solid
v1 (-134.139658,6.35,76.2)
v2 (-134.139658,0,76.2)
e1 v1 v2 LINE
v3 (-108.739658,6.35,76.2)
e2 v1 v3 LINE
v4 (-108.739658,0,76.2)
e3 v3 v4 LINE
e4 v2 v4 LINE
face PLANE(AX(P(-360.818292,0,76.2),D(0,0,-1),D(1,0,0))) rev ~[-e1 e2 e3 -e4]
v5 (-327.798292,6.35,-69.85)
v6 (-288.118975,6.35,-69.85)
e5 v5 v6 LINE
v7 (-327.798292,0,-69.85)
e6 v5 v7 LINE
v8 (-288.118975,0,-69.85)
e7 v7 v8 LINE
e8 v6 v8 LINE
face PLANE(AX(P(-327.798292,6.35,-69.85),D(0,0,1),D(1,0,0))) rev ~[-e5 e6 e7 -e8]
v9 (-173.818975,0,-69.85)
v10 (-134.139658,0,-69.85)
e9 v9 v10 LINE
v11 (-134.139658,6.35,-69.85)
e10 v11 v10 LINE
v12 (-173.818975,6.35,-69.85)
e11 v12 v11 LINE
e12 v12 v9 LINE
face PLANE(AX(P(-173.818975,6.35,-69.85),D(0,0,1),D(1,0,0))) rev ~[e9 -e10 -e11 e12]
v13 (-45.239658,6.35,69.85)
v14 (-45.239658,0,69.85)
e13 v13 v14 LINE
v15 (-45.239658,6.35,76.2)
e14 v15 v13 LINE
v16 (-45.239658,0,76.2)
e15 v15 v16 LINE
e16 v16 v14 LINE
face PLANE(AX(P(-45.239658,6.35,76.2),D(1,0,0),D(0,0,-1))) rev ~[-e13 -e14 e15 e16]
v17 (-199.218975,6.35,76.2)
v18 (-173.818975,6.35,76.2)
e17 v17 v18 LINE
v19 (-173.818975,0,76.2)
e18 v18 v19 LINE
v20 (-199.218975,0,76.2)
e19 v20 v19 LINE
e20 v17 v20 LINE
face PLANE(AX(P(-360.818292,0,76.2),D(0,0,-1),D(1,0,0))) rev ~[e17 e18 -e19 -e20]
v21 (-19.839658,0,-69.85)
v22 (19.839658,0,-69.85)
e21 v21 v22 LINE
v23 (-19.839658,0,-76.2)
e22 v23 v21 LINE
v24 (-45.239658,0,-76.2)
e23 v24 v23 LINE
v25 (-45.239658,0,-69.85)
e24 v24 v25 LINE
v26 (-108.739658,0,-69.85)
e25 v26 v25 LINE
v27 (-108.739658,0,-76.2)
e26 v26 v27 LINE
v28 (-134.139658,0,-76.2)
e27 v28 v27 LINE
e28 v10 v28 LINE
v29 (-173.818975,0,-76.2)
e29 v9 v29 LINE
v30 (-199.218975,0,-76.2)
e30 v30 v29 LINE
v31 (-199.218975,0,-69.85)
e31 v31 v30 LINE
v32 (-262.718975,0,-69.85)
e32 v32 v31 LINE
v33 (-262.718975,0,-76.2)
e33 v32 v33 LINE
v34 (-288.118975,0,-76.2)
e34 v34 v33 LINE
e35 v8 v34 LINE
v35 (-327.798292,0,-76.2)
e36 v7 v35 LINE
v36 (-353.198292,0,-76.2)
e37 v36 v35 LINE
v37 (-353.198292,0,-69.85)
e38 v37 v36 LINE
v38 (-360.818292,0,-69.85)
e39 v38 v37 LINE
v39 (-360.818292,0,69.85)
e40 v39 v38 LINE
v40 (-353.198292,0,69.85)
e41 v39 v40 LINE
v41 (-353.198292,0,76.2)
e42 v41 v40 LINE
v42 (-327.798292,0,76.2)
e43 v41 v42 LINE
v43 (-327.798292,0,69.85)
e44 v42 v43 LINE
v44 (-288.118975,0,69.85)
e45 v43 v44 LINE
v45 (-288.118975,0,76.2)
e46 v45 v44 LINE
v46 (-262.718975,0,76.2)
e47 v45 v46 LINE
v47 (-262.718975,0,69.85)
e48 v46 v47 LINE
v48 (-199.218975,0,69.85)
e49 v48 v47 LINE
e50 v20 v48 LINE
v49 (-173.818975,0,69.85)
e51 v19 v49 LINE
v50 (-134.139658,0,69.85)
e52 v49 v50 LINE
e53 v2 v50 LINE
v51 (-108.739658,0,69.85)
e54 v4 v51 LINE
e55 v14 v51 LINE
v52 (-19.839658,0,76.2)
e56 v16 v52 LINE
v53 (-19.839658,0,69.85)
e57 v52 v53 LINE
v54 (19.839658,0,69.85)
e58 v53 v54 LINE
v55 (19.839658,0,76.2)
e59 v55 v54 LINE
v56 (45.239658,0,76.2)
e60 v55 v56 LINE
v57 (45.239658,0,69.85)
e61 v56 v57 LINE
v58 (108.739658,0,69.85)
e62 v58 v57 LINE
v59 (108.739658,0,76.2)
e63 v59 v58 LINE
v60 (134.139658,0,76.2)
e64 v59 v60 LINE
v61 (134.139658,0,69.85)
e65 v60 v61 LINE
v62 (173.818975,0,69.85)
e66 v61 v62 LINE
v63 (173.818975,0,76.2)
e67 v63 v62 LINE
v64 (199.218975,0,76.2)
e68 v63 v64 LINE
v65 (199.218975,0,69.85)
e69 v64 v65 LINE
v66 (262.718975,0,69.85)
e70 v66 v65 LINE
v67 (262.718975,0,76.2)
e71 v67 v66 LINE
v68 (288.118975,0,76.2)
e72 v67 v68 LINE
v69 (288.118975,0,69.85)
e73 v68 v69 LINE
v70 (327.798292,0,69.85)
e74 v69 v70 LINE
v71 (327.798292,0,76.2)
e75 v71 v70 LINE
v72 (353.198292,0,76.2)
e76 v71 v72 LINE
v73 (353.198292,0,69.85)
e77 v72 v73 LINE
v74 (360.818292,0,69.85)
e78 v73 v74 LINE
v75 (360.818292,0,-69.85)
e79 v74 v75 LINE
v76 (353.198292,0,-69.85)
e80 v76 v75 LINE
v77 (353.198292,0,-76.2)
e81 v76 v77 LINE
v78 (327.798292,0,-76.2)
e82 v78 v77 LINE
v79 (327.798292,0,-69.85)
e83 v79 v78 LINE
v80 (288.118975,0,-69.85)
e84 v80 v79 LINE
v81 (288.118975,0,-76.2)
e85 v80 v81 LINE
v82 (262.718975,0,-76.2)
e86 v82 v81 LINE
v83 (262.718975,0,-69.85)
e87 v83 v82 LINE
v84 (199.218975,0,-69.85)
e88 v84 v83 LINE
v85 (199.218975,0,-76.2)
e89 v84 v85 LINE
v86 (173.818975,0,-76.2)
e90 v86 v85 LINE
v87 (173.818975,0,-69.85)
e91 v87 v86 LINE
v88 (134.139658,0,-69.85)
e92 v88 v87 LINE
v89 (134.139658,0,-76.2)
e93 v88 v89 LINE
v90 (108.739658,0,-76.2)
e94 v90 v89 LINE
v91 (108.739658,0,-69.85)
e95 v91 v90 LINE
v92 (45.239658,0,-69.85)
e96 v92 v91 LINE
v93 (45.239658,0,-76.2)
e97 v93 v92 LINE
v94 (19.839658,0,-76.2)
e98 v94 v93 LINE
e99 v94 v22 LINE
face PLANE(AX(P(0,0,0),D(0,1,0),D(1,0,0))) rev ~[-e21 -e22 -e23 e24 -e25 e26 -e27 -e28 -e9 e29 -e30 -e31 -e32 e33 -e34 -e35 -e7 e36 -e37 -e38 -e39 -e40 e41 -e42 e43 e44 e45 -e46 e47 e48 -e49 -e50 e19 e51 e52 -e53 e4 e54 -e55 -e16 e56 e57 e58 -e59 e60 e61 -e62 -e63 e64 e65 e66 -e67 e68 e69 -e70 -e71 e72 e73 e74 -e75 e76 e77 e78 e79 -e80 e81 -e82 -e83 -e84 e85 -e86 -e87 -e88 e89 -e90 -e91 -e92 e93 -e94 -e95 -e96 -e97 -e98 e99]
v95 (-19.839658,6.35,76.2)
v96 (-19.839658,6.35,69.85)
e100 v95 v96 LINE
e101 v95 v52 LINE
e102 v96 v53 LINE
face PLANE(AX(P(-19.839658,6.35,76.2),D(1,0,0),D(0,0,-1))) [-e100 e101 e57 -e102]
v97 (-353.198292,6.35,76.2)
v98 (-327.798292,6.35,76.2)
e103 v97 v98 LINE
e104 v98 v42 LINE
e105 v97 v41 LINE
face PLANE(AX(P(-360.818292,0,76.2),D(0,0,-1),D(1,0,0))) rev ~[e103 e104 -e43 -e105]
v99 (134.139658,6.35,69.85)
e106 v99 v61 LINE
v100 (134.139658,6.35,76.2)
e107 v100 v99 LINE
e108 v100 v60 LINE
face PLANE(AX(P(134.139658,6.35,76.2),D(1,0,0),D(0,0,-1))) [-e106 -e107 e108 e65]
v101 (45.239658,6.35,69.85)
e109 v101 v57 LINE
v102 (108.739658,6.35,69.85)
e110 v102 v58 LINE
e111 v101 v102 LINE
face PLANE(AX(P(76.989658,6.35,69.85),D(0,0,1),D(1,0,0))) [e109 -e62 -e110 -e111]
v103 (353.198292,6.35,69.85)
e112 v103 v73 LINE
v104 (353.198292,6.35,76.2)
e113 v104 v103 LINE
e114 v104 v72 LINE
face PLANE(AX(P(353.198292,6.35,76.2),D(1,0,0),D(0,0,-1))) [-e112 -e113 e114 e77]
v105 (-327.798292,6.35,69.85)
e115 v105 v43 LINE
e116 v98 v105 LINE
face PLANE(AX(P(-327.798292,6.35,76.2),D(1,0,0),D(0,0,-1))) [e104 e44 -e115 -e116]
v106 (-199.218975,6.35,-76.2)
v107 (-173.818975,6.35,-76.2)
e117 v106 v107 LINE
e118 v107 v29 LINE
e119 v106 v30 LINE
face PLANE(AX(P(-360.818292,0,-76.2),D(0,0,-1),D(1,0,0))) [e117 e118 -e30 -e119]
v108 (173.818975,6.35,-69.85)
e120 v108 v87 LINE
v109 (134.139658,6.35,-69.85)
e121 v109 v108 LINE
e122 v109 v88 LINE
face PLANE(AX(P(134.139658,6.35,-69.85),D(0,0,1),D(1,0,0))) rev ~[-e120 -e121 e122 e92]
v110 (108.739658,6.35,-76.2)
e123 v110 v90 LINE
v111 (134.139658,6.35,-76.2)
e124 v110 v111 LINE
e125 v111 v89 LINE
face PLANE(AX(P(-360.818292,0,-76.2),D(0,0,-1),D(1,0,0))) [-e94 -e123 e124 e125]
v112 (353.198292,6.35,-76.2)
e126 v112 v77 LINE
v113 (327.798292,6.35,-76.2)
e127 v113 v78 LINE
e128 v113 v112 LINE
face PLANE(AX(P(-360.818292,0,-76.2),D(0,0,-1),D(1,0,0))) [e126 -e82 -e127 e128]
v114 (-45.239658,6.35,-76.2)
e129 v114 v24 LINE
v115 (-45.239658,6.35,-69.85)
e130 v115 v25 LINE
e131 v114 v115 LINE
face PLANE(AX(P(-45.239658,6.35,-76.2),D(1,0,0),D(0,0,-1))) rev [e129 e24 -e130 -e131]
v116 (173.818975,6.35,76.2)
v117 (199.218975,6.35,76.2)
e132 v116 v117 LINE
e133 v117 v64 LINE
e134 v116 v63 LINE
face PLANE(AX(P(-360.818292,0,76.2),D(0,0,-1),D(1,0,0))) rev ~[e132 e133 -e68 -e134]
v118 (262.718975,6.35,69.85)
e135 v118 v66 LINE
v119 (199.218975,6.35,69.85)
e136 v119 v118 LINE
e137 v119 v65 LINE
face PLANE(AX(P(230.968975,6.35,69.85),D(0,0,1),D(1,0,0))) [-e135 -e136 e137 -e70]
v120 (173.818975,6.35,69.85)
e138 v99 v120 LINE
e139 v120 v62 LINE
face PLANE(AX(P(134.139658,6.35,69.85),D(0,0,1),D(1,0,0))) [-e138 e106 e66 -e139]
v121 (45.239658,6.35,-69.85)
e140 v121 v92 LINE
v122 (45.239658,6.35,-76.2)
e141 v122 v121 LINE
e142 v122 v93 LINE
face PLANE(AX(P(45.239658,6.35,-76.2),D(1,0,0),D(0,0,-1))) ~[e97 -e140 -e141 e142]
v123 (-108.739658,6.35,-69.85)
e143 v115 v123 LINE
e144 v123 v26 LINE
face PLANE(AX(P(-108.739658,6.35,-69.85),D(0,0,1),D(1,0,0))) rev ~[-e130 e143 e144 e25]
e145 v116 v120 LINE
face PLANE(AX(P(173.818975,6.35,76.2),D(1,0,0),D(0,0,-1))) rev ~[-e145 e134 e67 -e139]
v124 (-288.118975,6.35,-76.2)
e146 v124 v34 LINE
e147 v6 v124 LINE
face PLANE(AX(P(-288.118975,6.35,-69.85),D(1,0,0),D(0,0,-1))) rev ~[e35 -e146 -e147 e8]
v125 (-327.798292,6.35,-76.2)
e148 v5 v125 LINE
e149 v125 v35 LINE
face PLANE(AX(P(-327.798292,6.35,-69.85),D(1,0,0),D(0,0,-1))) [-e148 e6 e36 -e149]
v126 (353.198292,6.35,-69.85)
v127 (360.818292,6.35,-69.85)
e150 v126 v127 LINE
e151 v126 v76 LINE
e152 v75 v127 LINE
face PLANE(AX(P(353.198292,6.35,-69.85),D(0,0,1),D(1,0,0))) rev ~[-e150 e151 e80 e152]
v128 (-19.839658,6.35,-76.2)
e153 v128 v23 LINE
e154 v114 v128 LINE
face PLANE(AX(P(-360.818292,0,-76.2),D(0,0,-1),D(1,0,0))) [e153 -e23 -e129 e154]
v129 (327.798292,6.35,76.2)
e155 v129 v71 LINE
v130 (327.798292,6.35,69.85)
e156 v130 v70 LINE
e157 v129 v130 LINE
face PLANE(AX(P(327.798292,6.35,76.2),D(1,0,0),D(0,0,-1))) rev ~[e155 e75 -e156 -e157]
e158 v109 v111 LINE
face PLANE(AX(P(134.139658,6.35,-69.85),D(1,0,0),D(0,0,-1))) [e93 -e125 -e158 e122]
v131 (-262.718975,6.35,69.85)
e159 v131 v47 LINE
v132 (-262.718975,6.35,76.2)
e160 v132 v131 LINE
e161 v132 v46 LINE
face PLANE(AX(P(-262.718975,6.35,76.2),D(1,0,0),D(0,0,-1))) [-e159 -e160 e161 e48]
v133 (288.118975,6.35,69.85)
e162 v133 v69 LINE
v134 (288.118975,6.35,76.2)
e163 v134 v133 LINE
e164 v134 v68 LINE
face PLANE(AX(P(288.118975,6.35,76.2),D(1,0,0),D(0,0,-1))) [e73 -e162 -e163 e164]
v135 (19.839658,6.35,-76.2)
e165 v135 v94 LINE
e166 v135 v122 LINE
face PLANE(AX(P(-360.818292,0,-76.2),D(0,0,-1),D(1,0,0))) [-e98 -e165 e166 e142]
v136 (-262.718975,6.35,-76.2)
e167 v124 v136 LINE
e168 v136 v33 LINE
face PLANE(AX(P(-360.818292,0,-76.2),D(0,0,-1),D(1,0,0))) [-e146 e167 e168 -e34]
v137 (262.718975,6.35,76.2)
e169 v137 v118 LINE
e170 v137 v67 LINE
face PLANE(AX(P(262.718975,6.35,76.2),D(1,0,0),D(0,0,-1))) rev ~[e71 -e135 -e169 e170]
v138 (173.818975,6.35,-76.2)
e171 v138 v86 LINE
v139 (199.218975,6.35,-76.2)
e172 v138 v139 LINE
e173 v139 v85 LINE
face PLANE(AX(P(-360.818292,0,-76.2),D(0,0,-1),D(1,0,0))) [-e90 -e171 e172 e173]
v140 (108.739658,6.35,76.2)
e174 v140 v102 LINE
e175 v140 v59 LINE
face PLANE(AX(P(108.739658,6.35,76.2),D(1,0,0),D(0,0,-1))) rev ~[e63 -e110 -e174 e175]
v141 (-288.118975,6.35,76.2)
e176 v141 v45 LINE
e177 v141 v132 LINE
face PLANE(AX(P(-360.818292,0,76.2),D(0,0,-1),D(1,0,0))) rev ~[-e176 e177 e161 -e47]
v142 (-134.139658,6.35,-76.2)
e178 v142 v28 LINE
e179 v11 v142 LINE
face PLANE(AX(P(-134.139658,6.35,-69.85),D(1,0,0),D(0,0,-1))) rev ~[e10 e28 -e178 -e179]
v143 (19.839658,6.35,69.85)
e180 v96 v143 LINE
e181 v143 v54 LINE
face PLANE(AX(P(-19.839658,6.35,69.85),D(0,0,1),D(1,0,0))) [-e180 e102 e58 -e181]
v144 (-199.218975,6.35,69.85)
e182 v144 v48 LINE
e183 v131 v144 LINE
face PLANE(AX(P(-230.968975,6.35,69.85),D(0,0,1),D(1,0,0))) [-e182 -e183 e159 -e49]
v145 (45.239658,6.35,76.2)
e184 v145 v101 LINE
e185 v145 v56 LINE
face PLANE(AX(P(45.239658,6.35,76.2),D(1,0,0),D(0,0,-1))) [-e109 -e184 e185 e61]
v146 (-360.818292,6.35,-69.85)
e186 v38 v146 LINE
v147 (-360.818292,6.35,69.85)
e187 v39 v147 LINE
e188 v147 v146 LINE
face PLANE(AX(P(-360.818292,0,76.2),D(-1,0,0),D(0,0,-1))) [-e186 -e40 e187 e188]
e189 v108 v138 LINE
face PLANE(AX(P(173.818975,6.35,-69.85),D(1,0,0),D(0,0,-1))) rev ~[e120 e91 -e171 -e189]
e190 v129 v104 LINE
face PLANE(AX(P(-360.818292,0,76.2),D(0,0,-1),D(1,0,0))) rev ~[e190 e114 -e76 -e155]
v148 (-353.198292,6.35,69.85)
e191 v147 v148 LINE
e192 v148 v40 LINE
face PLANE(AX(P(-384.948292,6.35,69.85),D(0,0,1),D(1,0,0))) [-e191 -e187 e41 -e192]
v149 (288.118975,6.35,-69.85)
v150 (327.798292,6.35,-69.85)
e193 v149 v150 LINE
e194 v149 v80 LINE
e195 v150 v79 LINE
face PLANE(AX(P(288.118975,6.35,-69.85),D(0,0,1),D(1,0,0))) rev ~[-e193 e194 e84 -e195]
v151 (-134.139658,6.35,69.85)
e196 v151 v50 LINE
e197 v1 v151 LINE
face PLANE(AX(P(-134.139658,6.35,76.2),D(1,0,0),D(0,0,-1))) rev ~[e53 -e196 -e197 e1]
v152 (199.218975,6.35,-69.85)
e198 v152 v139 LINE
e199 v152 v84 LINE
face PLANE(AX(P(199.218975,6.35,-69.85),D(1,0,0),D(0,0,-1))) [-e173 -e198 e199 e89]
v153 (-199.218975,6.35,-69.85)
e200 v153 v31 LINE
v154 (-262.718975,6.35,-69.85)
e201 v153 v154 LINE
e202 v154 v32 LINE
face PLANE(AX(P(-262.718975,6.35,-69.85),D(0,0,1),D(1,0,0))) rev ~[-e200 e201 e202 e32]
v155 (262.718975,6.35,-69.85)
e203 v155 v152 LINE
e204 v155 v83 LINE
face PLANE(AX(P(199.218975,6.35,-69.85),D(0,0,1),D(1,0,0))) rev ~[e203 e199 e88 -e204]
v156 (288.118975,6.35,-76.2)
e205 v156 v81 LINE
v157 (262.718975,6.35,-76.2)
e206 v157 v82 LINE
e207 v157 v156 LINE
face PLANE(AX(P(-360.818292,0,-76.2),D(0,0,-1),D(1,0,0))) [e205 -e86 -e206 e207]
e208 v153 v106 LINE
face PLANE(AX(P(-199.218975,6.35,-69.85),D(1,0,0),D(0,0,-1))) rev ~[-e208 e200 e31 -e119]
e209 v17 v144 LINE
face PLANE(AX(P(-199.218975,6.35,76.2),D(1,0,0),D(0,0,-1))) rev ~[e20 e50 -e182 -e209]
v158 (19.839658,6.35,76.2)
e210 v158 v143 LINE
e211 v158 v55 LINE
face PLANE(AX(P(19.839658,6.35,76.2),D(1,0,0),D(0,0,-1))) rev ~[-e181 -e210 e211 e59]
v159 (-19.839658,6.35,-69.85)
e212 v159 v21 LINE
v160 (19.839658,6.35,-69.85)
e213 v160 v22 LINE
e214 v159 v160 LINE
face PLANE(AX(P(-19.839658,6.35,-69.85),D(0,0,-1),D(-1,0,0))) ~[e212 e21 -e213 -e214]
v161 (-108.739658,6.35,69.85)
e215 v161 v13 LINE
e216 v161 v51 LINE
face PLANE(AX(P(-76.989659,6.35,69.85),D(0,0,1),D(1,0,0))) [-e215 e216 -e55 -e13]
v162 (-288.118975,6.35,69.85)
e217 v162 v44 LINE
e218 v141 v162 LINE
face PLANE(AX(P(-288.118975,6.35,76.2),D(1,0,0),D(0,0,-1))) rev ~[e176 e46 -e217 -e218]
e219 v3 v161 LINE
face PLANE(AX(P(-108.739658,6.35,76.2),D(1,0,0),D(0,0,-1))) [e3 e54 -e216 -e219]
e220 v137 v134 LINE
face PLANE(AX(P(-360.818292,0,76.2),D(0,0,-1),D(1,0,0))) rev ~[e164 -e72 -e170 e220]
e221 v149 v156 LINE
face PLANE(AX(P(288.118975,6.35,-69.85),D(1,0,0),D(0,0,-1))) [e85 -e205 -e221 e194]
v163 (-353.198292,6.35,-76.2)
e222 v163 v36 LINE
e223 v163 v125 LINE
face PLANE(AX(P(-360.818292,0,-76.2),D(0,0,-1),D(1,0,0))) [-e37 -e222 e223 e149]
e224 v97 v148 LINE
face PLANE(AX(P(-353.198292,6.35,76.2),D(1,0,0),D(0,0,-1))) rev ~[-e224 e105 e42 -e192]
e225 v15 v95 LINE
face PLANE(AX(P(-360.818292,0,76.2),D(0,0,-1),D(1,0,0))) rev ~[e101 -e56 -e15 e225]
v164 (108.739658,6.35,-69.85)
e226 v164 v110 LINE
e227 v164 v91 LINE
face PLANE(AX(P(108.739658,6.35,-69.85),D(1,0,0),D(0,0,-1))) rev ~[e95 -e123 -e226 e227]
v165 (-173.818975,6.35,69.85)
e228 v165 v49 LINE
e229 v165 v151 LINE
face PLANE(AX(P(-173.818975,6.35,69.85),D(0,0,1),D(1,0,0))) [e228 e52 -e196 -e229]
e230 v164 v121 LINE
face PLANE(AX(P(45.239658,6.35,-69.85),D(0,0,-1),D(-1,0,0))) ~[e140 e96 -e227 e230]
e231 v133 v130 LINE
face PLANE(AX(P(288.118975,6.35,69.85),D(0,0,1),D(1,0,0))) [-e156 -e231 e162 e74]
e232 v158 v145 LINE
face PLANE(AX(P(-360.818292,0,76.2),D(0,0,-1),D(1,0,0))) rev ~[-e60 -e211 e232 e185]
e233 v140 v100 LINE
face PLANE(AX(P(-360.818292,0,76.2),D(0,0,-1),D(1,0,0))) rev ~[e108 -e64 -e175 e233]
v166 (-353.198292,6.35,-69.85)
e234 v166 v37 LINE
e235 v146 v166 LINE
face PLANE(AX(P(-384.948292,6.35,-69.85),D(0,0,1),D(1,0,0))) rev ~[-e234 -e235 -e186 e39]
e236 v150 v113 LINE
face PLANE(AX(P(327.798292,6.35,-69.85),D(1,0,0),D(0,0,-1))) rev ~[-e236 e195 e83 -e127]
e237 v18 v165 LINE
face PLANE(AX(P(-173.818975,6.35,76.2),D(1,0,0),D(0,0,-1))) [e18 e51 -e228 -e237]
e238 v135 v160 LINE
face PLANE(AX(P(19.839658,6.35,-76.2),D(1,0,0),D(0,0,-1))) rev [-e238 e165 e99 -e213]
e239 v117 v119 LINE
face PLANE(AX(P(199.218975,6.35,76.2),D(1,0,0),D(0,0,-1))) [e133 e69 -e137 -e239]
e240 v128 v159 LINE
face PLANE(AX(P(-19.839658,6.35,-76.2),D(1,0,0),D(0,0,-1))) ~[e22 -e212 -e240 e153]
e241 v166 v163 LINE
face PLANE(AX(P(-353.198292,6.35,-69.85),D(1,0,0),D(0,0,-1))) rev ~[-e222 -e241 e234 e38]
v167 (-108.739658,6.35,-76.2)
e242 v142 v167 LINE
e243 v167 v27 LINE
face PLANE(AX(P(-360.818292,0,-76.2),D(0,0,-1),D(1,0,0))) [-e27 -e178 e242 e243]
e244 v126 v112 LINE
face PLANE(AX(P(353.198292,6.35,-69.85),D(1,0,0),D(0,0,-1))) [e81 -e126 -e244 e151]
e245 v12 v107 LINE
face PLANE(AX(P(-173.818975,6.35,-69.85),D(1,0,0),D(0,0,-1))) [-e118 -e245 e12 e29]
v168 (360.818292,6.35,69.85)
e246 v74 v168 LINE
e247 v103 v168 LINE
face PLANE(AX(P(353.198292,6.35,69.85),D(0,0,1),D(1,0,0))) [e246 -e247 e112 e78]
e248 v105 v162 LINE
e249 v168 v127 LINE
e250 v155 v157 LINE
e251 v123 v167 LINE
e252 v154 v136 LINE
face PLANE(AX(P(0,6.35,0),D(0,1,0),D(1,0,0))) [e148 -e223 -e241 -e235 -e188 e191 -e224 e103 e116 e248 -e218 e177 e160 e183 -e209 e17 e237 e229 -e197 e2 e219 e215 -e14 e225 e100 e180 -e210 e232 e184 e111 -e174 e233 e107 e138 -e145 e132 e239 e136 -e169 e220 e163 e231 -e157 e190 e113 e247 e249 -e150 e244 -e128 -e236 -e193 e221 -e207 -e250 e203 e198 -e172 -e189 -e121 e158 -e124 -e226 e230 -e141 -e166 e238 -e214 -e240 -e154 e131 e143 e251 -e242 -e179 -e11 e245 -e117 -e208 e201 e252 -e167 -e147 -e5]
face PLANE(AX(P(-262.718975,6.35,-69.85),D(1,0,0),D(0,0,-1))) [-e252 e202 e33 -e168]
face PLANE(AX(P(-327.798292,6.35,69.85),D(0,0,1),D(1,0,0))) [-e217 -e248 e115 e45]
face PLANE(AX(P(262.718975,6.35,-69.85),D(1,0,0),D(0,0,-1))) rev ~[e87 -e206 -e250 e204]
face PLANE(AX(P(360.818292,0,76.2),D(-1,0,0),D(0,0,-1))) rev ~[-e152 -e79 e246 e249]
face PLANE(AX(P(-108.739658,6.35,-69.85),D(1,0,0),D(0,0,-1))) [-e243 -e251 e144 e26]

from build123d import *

# Parameters (mm, degrees)
SKETCH1_W                 = 721.63658441
SKETCH1_H                 = 152.4
BOSS_EXTRUDE1_DEPTH       = 6.35
SKETCH2_W                 = 39.679316882
SKETCH2_H                 = 6.35
SKETCH2_W_2               = 31.750000127
CUT_EXTRUDE1_DEPTH        = 7.35
LPATTERN1_COUNT           = 3
LPATTERN1_PITCH           = 153.979316882
LPATTERN1_COL_COUNT       = 3
LPATTERN1_COL_PITCH       = 153.979316882
MIRROR1_COPY_1_SKETCH_W   = 39.679316882
MIRROR1_COPY_1_SKETCH_H   = 6.35
MIRROR1_COPY_1_SKETCH_W_2 = 31.750000127
MIRROR1_COPY_1_DEPTH      = 7.35
MIRROR1_COPY_2_SKETCH_W   = 39.679316882
MIRROR1_COPY_2_SKETCH_H   = 6.35
MIRROR1_COPY_2_SKETCH_W_2 = 31.750000127
MIRROR1_COPY_2_DEPTH      = 7.35
MIRROR1_COPY_3_SKETCH_W   = 39.679316882
MIRROR1_COPY_3_SKETCH_H   = 6.35
MIRROR1_COPY_3_SKETCH_W_2 = 31.750000127
MIRROR1_COPY_3_DEPTH      = 7.35
MIRROR1_COPY_4_SKETCH_W   = 39.679316882
MIRROR1_COPY_4_SKETCH_H   = 6.35
MIRROR1_COPY_4_SKETCH_W_2 = 31.750000127
MIRROR1_COPY_4_DEPTH      = 7.35


with BuildPart() as part:
    # Sketch1 → Boss-Extrude1 (new body)
    with BuildSketch(Plane(origin=(0, 0, 0), x_dir=(1, 0, 0), z_dir=(0, 1, 0))):
        Rectangle(SKETCH1_W, SKETCH1_H)
    extrude(amount=BOSS_EXTRUDE1_DEPTH)

    # Sketch2 → Cut-Extrude1 (cut, through all)
    with BuildSketch(Plane(origin=(0, 6.35, 0), x_dir=(1, 0, 0), z_dir=(0, 1, 0))):
        with Locations((0, -73.025)):
            Rectangle(SKETCH2_W, SKETCH2_H)
        with Locations((-61.114658505, -73.025)):
            Rectangle(SKETCH2_W_2, SKETCH2_H)
        with Locations((61.114658505, -73.025)):
            Rectangle(SKETCH2_W_2, SKETCH2_H)
    cut_extrude1 = extrude(amount=-CUT_EXTRUDE1_DEPTH, mode=Mode.SUBTRACT)

    # LPattern1: Cut-Extrude1 ×3
    with Locations(*[(i * LPATTERN1_PITCH, 0, 0) for i in range(1, LPATTERN1_COUNT)]):
        add(cut_extrude1, mode=Mode.SUBTRACT)

    # LPattern1 col: Cut-Extrude1 ×3
    with Locations(*[(-i * LPATTERN1_COL_PITCH, 0, 0) for i in range(1, LPATTERN1_COL_COUNT)]):
        add(cut_extrude1, mode=Mode.SUBTRACT)

    # Mirror1: Cut-Extrude1 across plane
    add(cut_extrude1.mirror(Plane.XY), mode=Mode.SUBTRACT)

    # Mirror1 copy 1 sketch → Mirror1 copy 1 (cut, through all)
    with BuildSketch(Plane(origin=(153.979316882, 6.35, 0), x_dir=(1, 0, 0), z_dir=(0, 1, 0))):
        with Locations((0, 73.025)):
            Rectangle(MIRROR1_COPY_1_SKETCH_W, MIRROR1_COPY_1_SKETCH_H)
        with Locations((-61.114658505, 73.025)):
            Rectangle(MIRROR1_COPY_1_SKETCH_W_2, MIRROR1_COPY_1_SKETCH_H)
        with Locations((61.114658505, 73.025)):
            Rectangle(MIRROR1_COPY_1_SKETCH_W_2, MIRROR1_COPY_1_SKETCH_H)
    extrude(amount=-MIRROR1_COPY_1_DEPTH, mode=Mode.SUBTRACT)

    # Mirror1 copy 2 sketch → Mirror1 copy 2 (cut, through all)
    with BuildSketch(Plane(origin=(307.958633764, 6.35, 0), x_dir=(1, 0, 0), z_dir=(0, 1, 0))):
        with Locations((0, 73.025)):
            Rectangle(MIRROR1_COPY_2_SKETCH_W, MIRROR1_COPY_2_SKETCH_H)
        with Locations((-61.114658505, 73.025)):
            Rectangle(MIRROR1_COPY_2_SKETCH_W_2, MIRROR1_COPY_2_SKETCH_H)
        with Locations((61.114658505, 73.025)):
            Rectangle(MIRROR1_COPY_2_SKETCH_W_2, MIRROR1_COPY_2_SKETCH_H)
    extrude(amount=-MIRROR1_COPY_2_DEPTH, mode=Mode.SUBTRACT)

    # Mirror1 copy 3 sketch → Mirror1 copy 3 (cut, through all)
    with BuildSketch(Plane(origin=(-153.979316882, 6.35, 0), x_dir=(1, 0, 0), z_dir=(0, 1, 0))):
        with Locations((0, 73.025)):
            Rectangle(MIRROR1_COPY_3_SKETCH_W, MIRROR1_COPY_3_SKETCH_H)
        with Locations((-61.114658505, 73.025)):
            Rectangle(MIRROR1_COPY_3_SKETCH_W_2, MIRROR1_COPY_3_SKETCH_H)
        with Locations((61.114658505, 73.025)):
            Rectangle(MIRROR1_COPY_3_SKETCH_W_2, MIRROR1_COPY_3_SKETCH_H)
    extrude(amount=-MIRROR1_COPY_3_DEPTH, mode=Mode.SUBTRACT)

    # Mirror1 copy 4 sketch → Mirror1 copy 4 (cut, through all)
    with BuildSketch(Plane(origin=(-307.958633764, 6.35, 0), x_dir=(1, 0, 0), z_dir=(0, 1, 0))):
        with Locations((0, 73.025)):
            Rectangle(MIRROR1_COPY_4_SKETCH_W, MIRROR1_COPY_4_SKETCH_H)
        with Locations((-61.114658505, 73.025)):
            Rectangle(MIRROR1_COPY_4_SKETCH_W_2, MIRROR1_COPY_4_SKETCH_H)
        with Locations((61.114658505, 73.025)):
            Rectangle(MIRROR1_COPY_4_SKETCH_W_2, MIRROR1_COPY_4_SKETCH_H)
    extrude(amount=-MIRROR1_COPY_4_DEPTH, mode=Mode.SUBTRACT)


solid = part.part
